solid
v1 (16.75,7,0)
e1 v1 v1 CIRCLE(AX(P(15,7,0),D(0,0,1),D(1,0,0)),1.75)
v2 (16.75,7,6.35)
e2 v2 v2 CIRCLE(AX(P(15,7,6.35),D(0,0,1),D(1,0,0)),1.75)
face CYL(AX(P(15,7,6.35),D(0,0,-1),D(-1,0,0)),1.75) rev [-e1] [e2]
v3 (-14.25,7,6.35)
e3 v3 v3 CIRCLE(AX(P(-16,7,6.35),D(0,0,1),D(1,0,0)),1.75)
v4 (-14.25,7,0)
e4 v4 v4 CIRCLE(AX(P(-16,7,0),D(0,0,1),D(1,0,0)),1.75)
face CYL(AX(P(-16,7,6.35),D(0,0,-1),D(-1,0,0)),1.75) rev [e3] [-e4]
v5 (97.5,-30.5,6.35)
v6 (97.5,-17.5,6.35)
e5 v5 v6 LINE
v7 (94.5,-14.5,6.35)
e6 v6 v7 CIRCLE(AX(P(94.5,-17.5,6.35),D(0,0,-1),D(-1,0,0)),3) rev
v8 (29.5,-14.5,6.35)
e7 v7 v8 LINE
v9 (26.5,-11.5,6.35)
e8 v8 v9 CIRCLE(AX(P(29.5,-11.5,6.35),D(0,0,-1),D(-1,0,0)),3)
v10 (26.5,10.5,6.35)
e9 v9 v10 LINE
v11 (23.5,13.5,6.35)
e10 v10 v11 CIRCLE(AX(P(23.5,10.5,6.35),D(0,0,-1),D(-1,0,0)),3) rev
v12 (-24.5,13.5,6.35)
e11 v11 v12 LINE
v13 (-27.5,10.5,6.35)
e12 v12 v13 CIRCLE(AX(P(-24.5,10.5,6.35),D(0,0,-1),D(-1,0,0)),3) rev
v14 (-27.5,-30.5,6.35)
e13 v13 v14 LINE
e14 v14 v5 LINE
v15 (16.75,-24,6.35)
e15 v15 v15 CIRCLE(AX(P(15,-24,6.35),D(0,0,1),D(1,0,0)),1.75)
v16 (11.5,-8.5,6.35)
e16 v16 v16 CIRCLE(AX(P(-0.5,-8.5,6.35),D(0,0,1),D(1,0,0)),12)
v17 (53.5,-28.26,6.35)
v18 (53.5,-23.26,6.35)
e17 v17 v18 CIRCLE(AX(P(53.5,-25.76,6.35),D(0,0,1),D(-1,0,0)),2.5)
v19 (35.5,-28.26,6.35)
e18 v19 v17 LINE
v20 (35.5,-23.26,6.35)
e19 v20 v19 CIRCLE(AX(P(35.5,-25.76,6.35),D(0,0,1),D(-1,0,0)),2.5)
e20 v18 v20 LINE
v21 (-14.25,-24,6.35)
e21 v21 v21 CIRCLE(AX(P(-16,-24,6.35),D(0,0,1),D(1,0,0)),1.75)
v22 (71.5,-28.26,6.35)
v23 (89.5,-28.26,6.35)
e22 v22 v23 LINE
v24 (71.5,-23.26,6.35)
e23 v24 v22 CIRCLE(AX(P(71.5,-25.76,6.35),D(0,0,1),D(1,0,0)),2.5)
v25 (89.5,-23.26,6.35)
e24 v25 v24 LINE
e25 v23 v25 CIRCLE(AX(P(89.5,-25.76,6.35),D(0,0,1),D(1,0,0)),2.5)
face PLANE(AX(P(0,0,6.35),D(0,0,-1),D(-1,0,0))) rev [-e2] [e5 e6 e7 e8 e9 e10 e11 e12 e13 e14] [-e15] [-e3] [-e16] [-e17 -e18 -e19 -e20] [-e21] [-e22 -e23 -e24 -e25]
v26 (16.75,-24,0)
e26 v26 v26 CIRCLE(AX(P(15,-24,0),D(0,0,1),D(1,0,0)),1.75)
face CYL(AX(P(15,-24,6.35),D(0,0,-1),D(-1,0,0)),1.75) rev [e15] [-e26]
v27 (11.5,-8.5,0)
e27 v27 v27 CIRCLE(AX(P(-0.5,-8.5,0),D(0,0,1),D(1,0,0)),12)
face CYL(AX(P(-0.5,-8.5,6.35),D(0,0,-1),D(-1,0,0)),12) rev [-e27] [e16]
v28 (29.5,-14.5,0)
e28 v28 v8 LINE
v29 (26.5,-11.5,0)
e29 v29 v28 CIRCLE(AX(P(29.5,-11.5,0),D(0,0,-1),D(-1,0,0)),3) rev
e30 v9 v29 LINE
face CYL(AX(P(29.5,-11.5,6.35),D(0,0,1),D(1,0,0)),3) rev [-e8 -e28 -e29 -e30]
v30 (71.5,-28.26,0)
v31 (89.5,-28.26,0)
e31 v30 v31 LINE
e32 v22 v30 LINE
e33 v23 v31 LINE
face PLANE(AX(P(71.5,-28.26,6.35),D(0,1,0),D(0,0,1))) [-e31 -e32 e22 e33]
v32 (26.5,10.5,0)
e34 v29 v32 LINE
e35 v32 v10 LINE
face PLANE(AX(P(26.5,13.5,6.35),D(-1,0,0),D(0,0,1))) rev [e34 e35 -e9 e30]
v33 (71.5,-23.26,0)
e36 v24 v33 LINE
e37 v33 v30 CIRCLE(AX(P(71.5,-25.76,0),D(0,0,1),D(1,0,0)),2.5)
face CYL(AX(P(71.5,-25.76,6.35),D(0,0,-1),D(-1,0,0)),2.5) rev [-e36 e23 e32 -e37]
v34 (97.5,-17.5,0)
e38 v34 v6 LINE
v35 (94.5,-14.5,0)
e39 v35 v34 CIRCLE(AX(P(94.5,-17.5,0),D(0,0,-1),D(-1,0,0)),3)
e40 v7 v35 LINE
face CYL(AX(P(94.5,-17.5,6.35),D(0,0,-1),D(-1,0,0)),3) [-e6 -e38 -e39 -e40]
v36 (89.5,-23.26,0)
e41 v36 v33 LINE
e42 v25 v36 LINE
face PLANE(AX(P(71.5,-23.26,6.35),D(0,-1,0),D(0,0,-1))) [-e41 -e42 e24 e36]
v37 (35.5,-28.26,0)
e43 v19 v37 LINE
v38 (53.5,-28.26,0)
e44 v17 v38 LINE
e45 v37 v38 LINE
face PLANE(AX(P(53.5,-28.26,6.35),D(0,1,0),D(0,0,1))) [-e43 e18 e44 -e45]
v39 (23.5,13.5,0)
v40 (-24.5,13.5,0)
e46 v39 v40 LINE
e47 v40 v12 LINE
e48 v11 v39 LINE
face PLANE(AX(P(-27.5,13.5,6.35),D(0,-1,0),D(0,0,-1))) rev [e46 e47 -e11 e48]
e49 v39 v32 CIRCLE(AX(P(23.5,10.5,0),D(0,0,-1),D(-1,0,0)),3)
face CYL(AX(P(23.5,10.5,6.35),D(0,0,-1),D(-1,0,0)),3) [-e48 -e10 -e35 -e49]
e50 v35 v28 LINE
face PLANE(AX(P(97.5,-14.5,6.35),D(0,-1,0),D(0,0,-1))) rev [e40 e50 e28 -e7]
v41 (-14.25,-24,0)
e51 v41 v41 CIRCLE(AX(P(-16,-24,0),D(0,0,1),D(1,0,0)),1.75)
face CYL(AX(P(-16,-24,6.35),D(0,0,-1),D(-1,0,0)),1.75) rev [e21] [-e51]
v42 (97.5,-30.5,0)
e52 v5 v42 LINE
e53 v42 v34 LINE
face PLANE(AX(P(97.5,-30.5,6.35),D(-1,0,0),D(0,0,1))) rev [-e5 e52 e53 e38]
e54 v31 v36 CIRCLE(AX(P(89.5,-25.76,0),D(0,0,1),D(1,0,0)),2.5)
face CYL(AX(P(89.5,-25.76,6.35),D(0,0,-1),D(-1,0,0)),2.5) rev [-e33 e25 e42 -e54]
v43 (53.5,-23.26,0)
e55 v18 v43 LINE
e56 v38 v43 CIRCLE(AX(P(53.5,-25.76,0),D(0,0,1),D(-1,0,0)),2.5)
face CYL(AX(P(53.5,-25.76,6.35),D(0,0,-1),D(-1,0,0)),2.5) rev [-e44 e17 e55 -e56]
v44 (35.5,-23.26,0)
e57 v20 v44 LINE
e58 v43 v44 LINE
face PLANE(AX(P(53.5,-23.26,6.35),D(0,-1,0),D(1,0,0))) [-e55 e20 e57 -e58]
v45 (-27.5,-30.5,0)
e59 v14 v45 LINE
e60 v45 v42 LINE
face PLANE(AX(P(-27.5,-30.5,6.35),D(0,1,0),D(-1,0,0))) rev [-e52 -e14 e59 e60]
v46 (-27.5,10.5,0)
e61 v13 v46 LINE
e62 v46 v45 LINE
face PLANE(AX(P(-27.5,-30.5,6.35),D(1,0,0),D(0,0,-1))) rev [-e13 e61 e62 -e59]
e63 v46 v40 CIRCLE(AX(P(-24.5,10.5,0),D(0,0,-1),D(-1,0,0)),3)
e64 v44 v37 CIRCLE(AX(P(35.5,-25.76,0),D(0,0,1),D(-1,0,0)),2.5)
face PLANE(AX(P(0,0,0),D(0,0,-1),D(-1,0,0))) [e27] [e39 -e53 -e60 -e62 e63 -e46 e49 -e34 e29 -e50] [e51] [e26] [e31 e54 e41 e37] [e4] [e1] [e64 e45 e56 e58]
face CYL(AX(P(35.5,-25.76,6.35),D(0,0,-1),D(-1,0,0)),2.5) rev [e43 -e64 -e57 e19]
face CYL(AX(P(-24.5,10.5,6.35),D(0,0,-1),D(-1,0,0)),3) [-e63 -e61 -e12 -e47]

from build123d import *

# Parameters (mm, degrees)
CROQUIS2_R              = 1.75
CROQUIS2_R_2            = 12
SALIENTE_EXTRUIR1_DEPTH = 6.35
REDONDEO1_R             = 3


with BuildPart() as part:
    # Croquis2 → Saliente-Extruir1 (new body)
    with BuildSketch(Plane.XY):
        Polygon((-27.5, -30.5), (97.5, -30.5), (97.5, -14.5), (26.5, -14.5), (26.5, 13.5), (-27.5, 13.5), align=None)
        with Locations((-16, 7)):
            Circle(CROQUIS2_R, mode=Mode.SUBTRACT)
        with Locations((15, 7)):
            Circle(CROQUIS2_R, mode=Mode.SUBTRACT)
        with Locations((15, -24)):
            Circle(CROQUIS2_R, mode=Mode.SUBTRACT)
        with Locations((-16, -24)):
            Circle(CROQUIS2_R, mode=Mode.SUBTRACT)
        with Locations((-0.5, -8.5)):
            Circle(CROQUIS2_R_2, mode=Mode.SUBTRACT)
        with BuildLine():
            Line((71.5, -23.26), (89.5, -23.26))
            ThreePointArc((89.5, -23.26), (92, -25.76), (89.5, -28.26))
            Line((89.5, -28.26), (71.5, -28.26))
            ThreePointArc((71.5, -28.26), (69, -25.76), (71.5, -23.26))
        make_face(mode=Mode.SUBTRACT)
        with BuildLine():
            Line((53.5, -23.26), (35.5, -23.26))
            ThreePointArc((35.5, -23.26), (33, -25.76), (35.5, -28.26))
            Line((35.5, -28.26), (53.5, -28.26))
            ThreePointArc((53.5, -28.26), (56, -25.76), (53.5, -23.26))
        make_face(mode=Mode.SUBTRACT)
    extrude(amount=SALIENTE_EXTRUIR1_DEPTH)

    # Redondeo1
    redondeo1_edges = [part.edges().sort_by_distance(p)[0] for p in [
        (-27.5, 13.5, 3.175),
        (26.5, 13.5, 3.175),
        (26.5, -14.5, 3.175),
        (97.5, -14.5, 3.175),
    ]]
    fillet(redondeo1_edges, radius=REDONDEO1_R)


solid = part.part
